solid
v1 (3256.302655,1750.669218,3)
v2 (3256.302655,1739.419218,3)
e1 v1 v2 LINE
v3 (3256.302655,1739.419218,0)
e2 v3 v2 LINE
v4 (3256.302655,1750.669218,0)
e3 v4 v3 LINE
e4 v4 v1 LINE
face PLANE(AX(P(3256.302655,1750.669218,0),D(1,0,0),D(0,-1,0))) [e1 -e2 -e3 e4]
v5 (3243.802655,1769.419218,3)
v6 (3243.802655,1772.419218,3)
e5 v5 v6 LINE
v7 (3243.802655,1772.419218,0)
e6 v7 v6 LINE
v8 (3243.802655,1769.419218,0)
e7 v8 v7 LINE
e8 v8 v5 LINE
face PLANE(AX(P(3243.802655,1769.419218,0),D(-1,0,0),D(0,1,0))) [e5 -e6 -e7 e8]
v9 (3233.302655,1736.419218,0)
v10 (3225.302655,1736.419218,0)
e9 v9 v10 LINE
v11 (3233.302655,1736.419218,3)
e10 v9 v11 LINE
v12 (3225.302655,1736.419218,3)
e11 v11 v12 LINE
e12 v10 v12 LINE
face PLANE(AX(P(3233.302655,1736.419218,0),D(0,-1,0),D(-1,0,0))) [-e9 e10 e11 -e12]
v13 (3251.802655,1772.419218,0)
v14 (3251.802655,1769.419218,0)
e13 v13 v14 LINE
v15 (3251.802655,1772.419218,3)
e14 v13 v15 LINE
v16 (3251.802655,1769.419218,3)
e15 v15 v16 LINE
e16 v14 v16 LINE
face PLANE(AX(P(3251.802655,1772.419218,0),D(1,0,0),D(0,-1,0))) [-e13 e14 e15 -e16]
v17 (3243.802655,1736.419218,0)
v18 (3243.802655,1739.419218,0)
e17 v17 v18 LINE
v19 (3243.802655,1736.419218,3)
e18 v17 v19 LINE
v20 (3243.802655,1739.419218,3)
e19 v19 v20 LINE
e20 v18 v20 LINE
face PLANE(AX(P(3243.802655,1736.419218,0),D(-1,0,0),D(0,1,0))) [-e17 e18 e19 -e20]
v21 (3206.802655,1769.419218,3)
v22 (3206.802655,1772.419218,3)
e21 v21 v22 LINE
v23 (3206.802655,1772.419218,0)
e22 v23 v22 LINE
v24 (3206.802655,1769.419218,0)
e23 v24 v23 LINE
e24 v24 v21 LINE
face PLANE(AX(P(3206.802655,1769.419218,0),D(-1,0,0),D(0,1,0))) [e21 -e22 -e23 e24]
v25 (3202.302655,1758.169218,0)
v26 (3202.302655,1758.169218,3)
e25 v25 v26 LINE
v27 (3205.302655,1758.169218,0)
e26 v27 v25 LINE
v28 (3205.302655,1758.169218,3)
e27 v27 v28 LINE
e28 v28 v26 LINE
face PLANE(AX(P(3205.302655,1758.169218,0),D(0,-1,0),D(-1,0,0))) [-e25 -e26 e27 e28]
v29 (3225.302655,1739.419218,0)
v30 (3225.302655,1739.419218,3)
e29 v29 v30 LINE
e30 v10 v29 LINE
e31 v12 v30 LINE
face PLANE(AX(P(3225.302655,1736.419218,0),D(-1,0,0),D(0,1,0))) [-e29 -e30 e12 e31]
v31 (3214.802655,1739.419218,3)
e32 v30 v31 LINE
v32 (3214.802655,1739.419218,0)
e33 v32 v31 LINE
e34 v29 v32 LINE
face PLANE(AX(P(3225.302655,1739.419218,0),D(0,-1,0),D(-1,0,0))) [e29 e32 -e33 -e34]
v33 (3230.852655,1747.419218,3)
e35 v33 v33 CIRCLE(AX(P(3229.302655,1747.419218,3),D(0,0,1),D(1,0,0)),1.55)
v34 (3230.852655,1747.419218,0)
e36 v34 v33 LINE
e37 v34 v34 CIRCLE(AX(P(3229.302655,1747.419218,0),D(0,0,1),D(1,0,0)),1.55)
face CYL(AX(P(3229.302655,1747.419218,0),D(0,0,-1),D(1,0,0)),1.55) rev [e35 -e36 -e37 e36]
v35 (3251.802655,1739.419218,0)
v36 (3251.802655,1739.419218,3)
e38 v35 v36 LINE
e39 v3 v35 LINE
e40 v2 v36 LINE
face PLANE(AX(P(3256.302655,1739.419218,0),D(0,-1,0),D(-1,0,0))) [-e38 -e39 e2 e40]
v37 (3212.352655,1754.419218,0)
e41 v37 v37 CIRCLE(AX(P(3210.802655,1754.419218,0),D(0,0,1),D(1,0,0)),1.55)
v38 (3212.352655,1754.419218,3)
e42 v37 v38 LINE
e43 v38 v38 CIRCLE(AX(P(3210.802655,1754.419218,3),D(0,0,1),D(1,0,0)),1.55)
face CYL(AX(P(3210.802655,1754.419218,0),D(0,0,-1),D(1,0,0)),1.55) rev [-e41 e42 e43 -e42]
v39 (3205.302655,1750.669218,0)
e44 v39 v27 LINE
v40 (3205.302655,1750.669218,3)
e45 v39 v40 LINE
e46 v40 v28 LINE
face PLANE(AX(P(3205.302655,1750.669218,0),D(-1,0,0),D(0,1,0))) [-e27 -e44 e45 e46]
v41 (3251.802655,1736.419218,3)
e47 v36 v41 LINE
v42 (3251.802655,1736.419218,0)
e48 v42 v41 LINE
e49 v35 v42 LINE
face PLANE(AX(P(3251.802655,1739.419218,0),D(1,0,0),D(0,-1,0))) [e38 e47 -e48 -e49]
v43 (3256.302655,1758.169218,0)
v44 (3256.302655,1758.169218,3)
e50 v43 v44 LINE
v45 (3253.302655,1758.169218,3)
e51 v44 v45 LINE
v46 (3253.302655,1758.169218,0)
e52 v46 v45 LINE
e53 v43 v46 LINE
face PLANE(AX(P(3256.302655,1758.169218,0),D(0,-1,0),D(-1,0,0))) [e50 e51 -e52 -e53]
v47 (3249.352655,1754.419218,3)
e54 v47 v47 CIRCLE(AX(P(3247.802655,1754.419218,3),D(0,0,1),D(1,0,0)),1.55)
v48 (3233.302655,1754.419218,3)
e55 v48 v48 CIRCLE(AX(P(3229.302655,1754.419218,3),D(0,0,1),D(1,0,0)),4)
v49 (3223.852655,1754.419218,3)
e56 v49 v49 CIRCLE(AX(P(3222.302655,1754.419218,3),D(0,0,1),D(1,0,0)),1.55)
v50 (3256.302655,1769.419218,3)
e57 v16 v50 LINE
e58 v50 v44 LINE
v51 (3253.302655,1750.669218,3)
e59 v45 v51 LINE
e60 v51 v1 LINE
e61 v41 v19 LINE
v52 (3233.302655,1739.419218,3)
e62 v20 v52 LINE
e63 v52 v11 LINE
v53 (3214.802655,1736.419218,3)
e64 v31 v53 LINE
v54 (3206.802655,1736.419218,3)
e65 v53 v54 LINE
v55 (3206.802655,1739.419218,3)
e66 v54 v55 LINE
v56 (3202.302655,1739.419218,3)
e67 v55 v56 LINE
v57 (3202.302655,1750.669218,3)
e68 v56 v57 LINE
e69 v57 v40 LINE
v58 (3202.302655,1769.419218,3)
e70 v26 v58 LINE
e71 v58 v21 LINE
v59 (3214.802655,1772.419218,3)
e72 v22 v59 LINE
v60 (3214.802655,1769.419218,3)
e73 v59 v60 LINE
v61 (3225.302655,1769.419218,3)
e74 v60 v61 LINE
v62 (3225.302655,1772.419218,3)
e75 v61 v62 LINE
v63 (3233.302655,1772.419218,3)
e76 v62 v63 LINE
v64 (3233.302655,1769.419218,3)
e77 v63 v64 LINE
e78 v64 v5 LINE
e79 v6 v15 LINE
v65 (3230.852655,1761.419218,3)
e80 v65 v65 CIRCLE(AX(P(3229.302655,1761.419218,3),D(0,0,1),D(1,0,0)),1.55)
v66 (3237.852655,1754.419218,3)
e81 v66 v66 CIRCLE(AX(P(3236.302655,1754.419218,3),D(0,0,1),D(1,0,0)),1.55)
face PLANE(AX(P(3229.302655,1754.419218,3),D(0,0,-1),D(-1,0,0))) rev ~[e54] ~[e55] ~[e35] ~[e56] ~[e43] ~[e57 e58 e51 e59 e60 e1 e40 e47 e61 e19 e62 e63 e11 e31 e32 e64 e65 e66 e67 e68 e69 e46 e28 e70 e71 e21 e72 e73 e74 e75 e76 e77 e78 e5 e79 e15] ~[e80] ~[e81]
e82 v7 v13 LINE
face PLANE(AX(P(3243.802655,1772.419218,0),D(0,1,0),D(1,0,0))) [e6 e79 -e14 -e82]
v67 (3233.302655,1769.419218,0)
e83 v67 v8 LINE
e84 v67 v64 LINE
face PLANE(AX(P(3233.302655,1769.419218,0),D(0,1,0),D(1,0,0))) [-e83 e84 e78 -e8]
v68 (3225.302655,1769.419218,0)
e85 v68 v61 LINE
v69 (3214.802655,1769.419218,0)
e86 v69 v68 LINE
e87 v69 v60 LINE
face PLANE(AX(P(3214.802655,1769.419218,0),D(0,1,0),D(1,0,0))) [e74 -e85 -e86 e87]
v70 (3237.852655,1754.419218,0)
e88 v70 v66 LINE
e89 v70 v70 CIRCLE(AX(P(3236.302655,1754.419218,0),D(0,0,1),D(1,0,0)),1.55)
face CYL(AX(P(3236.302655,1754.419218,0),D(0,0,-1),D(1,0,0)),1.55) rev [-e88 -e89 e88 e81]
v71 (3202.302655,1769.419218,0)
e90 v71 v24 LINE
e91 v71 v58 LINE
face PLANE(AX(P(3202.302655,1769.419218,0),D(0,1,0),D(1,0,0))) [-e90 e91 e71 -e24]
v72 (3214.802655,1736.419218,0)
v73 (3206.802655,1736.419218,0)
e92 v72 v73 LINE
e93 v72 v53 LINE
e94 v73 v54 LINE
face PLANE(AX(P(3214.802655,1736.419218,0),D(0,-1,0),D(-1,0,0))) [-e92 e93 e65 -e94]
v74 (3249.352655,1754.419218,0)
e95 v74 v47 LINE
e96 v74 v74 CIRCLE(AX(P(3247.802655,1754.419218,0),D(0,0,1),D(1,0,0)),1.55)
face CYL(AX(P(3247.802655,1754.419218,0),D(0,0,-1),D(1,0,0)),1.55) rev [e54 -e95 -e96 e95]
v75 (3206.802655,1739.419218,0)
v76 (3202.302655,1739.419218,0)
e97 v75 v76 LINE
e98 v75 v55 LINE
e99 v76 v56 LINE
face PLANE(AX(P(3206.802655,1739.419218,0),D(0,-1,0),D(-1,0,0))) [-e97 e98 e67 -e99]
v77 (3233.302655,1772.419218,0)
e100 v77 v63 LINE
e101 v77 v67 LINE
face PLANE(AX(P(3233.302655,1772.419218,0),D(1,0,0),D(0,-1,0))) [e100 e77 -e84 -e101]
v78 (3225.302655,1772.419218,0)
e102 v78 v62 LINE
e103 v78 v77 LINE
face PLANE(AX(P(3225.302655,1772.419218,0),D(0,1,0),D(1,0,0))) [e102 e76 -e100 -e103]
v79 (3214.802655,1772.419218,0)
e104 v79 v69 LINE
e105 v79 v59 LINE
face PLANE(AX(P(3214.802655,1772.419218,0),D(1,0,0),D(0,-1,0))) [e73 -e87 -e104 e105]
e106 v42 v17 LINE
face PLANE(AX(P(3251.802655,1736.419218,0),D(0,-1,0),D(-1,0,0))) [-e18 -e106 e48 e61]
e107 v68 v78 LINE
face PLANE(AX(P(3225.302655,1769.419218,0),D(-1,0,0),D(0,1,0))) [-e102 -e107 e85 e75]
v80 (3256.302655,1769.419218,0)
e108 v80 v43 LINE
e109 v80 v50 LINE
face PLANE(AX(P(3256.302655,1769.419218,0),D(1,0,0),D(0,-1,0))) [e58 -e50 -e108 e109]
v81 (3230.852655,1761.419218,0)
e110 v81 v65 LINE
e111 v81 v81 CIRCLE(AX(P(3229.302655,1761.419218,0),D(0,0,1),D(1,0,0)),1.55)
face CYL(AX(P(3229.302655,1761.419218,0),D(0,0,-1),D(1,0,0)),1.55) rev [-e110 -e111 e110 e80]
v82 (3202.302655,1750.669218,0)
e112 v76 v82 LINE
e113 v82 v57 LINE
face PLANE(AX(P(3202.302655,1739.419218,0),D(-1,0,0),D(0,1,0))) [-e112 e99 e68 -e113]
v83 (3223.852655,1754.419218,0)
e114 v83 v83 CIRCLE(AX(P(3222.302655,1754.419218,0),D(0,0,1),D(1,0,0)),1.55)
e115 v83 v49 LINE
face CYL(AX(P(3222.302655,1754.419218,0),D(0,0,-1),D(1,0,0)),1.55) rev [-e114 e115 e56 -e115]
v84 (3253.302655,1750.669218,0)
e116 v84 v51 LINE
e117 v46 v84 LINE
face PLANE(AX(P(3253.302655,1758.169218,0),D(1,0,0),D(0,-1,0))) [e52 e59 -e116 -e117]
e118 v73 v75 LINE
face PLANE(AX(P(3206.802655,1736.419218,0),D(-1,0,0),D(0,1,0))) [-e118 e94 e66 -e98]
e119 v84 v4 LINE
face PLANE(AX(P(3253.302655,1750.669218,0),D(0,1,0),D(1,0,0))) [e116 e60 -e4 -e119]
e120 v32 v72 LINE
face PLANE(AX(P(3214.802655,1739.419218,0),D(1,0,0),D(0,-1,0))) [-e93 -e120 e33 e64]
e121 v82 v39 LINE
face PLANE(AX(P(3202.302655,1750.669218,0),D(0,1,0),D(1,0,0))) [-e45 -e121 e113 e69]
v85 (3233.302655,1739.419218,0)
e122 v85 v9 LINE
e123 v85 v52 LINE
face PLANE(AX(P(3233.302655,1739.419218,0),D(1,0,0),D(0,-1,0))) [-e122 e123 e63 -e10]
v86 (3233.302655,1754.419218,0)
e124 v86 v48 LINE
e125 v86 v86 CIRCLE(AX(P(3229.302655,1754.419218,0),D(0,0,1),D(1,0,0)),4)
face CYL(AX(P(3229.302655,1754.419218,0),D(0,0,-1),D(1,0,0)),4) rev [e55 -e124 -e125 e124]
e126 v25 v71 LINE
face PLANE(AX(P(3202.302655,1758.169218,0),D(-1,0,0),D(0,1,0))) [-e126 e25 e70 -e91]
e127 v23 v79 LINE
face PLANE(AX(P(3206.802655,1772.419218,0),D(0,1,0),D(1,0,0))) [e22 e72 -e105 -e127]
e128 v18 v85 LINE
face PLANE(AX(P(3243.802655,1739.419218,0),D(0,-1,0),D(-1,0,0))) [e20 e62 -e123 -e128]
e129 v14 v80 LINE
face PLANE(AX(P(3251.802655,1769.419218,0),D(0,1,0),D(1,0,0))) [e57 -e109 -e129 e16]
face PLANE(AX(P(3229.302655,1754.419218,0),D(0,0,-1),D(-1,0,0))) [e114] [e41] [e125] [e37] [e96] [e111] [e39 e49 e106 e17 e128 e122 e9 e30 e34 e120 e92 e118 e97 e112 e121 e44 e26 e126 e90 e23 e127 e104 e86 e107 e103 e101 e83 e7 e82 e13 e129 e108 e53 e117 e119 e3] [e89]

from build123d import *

# Parameters (mm, degrees)
SKETCH_1_R      = 1.55
SKETCH_1_R_2    = 4
EXTRUDE_1_DEPTH = 3


with BuildPart() as part:
    # 草图1 → 凸台-拉伸1 (new body)
    with BuildSketch(Plane.XY):
        Polygon((3214.80265522, 1769.419217818), (3225.30265522, 1769.419217818), (3225.30265522, 1772.419217818), (3233.30265522, 1772.419217818), (3233.30265522, 1769.419217818), (3243.80265522, 1769.419217818), (3243.80265522, 1772.419217818), (3251.80265522, 1772.419217818), (3251.80265522, 1769.419217818), (3256.30265522, 1769.419217818), (3256.30265522, 1758.169217818), (3253.30265522, 1758.169217818), (3253.30265522, 1750.669217818), (3256.30265522, 1750.669217818), (3256.30265522, 1739.419217818), (3251.80265522, 1739.419217818), (3251.80265522, 1736.419217818), (3243.80265522, 1736.419217818), (3243.80265522, 1739.419217818), (3233.30265522, 1739.419217818), (3233.30265522, 1736.419217818), (3225.30265522, 1736.419217818), (3225.30265522, 1739.419217818), (3214.80265522, 1739.419217818), (3214.80265522, 1736.419217818), (3206.80265522, 1736.419217818), (3206.80265522, 1739.419217818), (3202.30265522, 1739.419217818), (3202.30265522, 1750.669217818), (3205.30265522, 1750.669217818), (3205.30265522, 1758.169217818), (3202.30265522, 1758.169217818), (3202.30265522, 1769.419217818), (3206.80265522, 1769.419217818), (3206.80265522, 1772.419217818), (3214.80265522, 1772.419217818), align=None)
        with Locations((3236.30265522, 1754.419217818)):
            Circle(SKETCH_1_R, mode=Mode.SUBTRACT)
        with Locations((3229.30265522, 1761.419217818)):
            Circle(SKETCH_1_R, mode=Mode.SUBTRACT)
        with Locations((3222.30265522, 1754.419217818)):
            Circle(SKETCH_1_R, mode=Mode.SUBTRACT)
        with Locations((3229.30265522, 1747.419217818)):
            Circle(SKETCH_1_R, mode=Mode.SUBTRACT)
        with Locations((3229.30265522, 1754.419217818)):
            Circle(SKETCH_1_R_2, mode=Mode.SUBTRACT)
        with Locations((3247.80265522, 1754.419217818)):
            Circle(SKETCH_1_R, mode=Mode.SUBTRACT)
        with Locations((3210.80265522, 1754.419217818)):
            Circle(SKETCH_1_R, mode=Mode.SUBTRACT)
    extrude(amount=EXTRUDE_1_DEPTH)


solid = part.part
